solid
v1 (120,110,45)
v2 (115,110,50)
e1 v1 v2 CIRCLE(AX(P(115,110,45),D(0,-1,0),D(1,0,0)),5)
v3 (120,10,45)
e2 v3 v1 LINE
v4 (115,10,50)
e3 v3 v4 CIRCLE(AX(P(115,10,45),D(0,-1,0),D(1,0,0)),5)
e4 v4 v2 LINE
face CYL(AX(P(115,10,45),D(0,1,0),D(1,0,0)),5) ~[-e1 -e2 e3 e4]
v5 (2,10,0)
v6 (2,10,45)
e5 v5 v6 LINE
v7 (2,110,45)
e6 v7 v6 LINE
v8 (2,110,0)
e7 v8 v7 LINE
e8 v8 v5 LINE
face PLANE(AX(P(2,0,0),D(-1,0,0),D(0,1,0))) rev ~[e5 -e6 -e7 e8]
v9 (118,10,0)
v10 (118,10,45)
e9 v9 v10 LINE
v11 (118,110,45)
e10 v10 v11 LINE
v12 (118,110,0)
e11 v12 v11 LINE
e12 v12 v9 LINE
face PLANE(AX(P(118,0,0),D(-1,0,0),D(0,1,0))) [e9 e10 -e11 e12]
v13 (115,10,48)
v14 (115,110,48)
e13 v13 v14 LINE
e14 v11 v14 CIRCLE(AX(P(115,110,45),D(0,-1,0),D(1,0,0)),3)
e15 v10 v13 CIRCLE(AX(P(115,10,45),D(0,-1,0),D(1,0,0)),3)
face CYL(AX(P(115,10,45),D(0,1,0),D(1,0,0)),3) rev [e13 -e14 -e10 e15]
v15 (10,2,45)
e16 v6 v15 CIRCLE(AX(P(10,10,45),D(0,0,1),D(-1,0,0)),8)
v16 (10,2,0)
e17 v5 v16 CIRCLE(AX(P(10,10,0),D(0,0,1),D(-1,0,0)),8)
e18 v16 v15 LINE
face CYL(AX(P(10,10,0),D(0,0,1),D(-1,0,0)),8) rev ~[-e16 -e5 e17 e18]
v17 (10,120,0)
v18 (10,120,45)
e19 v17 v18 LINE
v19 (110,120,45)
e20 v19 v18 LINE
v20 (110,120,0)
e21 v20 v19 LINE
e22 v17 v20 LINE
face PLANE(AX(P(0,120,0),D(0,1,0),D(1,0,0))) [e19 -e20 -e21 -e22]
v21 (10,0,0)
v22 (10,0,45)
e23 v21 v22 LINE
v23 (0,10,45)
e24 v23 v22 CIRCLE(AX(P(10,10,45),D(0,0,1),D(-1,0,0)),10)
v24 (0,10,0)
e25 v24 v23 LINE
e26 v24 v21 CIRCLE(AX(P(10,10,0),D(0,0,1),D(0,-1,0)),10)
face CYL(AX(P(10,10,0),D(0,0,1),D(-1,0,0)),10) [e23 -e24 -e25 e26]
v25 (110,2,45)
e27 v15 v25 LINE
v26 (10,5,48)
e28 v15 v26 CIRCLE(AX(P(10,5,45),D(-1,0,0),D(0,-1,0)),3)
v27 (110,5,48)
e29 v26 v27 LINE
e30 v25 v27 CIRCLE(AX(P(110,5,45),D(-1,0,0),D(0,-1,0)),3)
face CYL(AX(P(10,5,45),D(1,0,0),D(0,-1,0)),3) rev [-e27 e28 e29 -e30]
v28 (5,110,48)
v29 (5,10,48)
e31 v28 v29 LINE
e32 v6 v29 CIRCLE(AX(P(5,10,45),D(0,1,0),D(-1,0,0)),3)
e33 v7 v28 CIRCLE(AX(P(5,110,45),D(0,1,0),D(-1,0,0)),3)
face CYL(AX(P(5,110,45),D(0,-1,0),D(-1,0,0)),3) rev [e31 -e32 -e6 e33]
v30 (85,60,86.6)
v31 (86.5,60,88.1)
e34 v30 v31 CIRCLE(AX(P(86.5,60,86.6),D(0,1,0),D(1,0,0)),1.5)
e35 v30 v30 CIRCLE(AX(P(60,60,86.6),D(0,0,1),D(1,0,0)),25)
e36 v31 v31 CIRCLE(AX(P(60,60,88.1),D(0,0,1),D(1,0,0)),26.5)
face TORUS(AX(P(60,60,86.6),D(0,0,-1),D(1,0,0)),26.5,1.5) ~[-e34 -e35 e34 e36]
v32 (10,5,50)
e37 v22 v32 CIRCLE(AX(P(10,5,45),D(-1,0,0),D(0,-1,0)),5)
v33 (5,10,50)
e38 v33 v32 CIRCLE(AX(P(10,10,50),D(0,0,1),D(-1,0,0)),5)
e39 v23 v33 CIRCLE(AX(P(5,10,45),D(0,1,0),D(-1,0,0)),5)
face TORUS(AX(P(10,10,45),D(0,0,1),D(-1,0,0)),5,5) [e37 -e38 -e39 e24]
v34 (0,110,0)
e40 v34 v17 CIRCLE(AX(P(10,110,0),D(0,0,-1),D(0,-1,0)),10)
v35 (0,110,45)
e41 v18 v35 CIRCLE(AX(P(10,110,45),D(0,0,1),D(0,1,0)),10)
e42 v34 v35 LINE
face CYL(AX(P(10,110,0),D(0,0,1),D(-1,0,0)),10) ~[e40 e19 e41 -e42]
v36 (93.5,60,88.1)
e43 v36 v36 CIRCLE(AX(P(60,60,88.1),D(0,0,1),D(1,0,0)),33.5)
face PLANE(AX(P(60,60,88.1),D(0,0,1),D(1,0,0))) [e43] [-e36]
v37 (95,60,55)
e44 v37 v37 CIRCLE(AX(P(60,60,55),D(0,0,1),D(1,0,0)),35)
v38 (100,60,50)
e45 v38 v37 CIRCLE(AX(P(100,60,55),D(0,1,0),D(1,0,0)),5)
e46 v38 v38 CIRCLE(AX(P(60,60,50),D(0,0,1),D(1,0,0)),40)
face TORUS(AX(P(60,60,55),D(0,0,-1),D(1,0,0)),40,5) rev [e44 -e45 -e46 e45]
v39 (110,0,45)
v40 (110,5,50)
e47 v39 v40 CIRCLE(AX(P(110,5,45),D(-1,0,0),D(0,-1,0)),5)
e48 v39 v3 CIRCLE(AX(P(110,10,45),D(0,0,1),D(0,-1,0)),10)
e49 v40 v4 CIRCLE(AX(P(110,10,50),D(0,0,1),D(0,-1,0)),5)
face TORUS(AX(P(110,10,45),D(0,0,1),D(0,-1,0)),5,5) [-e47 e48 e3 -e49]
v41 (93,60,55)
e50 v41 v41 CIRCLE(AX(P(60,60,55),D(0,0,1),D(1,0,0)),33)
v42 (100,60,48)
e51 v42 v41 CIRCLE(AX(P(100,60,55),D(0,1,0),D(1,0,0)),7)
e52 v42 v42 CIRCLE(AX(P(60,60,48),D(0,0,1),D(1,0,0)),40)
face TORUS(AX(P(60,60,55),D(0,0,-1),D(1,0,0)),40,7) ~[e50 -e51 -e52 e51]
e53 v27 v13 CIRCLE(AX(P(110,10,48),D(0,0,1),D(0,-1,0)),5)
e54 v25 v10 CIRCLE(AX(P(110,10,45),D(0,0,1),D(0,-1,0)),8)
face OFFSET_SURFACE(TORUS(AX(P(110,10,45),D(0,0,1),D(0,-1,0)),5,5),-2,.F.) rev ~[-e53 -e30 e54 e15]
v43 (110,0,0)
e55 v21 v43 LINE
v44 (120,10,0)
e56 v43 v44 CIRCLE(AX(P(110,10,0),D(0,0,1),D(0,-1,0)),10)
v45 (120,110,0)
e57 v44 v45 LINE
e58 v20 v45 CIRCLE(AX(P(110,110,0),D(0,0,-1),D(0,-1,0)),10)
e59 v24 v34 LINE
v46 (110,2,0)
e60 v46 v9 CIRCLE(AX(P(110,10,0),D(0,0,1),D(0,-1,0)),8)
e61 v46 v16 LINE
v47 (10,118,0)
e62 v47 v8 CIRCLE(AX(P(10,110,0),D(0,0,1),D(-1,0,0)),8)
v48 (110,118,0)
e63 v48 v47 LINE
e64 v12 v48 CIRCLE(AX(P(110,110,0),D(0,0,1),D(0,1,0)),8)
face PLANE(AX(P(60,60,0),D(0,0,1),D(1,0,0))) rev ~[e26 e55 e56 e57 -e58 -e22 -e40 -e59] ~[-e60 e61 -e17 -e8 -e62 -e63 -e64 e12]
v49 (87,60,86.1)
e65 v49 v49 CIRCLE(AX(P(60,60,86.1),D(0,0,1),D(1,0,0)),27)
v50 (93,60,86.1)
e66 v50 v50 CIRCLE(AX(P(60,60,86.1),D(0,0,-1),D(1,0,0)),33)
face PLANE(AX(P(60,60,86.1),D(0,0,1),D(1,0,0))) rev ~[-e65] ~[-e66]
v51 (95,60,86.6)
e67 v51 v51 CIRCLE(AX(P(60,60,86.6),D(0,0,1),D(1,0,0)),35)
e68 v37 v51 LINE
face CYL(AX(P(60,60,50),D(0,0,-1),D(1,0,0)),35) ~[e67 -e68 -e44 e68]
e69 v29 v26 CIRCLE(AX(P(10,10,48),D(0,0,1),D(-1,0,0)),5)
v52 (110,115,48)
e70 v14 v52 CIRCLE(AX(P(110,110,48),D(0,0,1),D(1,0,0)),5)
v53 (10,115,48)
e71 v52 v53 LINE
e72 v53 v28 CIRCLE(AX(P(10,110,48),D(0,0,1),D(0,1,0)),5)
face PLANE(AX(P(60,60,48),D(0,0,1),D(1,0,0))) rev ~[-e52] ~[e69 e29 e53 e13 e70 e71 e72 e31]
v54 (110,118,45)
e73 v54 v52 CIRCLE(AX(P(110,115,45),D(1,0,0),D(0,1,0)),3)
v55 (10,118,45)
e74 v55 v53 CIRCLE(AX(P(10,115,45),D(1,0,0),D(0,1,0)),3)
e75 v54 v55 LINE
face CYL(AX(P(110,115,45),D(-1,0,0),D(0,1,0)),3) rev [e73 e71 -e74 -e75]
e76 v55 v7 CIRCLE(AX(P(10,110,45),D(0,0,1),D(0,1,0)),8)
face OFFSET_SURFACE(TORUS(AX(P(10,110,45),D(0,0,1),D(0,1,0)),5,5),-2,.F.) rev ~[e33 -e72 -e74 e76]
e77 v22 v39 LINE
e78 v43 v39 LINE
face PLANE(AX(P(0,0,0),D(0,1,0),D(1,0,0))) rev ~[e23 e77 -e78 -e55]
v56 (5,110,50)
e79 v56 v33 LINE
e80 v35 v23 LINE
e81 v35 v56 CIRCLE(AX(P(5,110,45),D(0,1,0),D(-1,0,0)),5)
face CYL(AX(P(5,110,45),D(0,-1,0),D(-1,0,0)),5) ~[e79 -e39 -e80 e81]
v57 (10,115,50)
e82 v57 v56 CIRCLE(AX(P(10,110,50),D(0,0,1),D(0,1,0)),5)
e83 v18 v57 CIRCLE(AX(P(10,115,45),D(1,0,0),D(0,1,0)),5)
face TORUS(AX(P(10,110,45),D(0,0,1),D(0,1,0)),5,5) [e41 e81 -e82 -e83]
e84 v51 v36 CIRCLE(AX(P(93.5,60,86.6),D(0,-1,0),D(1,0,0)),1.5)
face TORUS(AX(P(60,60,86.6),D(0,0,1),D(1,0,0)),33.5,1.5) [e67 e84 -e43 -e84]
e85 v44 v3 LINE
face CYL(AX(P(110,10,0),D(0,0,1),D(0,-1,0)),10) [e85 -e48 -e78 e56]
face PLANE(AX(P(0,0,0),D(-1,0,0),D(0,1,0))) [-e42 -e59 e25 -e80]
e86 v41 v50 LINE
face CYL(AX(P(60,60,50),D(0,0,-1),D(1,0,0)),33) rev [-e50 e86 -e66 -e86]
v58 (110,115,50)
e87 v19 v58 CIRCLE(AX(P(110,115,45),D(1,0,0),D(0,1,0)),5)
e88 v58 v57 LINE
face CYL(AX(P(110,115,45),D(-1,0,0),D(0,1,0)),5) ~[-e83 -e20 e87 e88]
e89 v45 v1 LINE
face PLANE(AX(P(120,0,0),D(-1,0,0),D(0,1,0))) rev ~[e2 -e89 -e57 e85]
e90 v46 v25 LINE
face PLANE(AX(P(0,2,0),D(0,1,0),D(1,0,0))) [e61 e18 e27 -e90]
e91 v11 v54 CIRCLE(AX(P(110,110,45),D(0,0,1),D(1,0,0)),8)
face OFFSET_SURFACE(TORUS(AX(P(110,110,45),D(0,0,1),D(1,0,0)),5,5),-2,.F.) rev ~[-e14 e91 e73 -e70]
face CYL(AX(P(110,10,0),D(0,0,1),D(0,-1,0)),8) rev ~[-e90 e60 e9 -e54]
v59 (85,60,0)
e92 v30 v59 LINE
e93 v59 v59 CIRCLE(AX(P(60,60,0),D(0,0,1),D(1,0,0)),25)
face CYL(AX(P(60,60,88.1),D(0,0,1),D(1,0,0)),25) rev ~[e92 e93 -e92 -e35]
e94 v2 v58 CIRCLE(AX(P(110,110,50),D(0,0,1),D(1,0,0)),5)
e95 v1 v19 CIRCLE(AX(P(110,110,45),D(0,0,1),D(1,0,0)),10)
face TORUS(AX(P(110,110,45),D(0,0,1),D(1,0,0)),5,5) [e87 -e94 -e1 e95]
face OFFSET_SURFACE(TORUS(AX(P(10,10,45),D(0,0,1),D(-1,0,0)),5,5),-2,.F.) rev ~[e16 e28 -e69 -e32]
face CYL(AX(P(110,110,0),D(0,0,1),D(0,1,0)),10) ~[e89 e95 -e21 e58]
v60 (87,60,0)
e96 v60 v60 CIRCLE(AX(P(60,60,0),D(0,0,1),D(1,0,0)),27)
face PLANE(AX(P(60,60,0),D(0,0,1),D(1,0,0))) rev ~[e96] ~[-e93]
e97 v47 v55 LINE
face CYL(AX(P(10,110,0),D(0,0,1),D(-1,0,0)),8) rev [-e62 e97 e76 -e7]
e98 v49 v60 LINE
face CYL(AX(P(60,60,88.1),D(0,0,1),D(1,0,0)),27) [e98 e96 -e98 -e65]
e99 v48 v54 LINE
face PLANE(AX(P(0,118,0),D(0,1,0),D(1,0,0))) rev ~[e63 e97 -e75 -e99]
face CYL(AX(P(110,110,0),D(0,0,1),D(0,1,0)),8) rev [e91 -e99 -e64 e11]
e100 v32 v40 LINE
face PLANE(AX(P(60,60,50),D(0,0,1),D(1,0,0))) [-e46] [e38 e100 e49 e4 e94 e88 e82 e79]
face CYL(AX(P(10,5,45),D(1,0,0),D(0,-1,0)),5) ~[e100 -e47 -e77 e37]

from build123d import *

# Parameters (mm, degrees)
SKETCH1_W           = 120
SKETCH1_H           = 120
BOSS_EXTRUDE1_DEPTH = 50
SKETCH2_R           = 35
BOSS_EXTRUDE2_DEPTH = 38.1
SKETCH6_R           = 25
BOSS_EXTRUDE6_DEPTH = 88.1
SKETCH7_R           = 25
BOSS_EXTRUDE7_DEPTH = 88.1
SKETCH8_R           = 25
CUT_EXTRUDE1_DEPTH  = 89.1
FILLET1_R           = 10
FILLET2_R           = 1.5
FILLET3_R           = 5
SHELL2_T            = -2


with BuildPart() as part:
    # Sketch1 → Boss-Extrude1 (new body)
    with BuildSketch(Plane.XY):
        with Locations((60, 60)):
            Rectangle(SKETCH1_W, SKETCH1_H)
    extrude(amount=BOSS_EXTRUDE1_DEPTH)

    # Sketch2 → Boss-Extrude2 (add)
    with BuildSketch(Plane.XY.offset(50)):
        with Locations((60, 60)):
            Circle(SKETCH2_R)
    extrude(amount=BOSS_EXTRUDE2_DEPTH)

    # Sketch6 → Boss-Extrude6 (add, through all)
    with BuildSketch(Plane.XY.offset(88.1)):
        with Locations((60, 60)):
            Circle(SKETCH6_R)
    extrude(amount=-BOSS_EXTRUDE6_DEPTH)

    # Sketch7 → Boss-Extrude7 (add, through all)
    with BuildSketch(Plane.XY.offset(88.1)):
        with Locations((60, 60)):
            Circle(SKETCH7_R)
    extrude(amount=-BOSS_EXTRUDE7_DEPTH)

    # Sketch8 → Cut-Extrude1 (cut, through all)
    with BuildSketch(Plane.XY.offset(88.1)):
        with Locations((60, 60)):
            Circle(SKETCH8_R)
    extrude(amount=-CUT_EXTRUDE1_DEPTH, mode=Mode.SUBTRACT)

    # Fillet1
    fillet1_edges = [part.edges().sort_by_distance(p)[0] for p in [
        (0, 120, 25),
        (120, 120, 25),
        (120, 0, 25),
        (0, 0, 25),
    ]]
    fillet(fillet1_edges, radius=FILLET1_R)

    # Fillet2
    fillet2_edges = [part.edges().sort_by_distance(p)[0] for p in [
        (25, 60, 88.1),
        (35, 60, 88.1),
    ]]
    fillet(fillet2_edges, radius=FILLET2_R)

    # Fillet3
    fillet3_edges = [part.edges().sort_by_distance(p)[0] for p in [
        (25, 60, 50),
        (60, 0, 50),
        (0, 60, 50),
        (120, 60, 50),
        (60, 120, 50),
        (117.071067812, 117.071067812, 50),
        (117.071067812, 2.928932188, 50),
        (2.928932188, 117.071067812, 50),
        (2.928932188, 2.928932188, 50),
    ]]
    fillet(fillet3_edges, radius=FILLET3_R)

    # Shell2
    shell2_openings = [part.faces().sort_by_distance(p)[0] for p in [
        (85, 60, 0),
    ]]
    offset(amount=SHELL2_T, openings=shell2_openings, kind=Kind.INTERSECTION)


solid = part.part
